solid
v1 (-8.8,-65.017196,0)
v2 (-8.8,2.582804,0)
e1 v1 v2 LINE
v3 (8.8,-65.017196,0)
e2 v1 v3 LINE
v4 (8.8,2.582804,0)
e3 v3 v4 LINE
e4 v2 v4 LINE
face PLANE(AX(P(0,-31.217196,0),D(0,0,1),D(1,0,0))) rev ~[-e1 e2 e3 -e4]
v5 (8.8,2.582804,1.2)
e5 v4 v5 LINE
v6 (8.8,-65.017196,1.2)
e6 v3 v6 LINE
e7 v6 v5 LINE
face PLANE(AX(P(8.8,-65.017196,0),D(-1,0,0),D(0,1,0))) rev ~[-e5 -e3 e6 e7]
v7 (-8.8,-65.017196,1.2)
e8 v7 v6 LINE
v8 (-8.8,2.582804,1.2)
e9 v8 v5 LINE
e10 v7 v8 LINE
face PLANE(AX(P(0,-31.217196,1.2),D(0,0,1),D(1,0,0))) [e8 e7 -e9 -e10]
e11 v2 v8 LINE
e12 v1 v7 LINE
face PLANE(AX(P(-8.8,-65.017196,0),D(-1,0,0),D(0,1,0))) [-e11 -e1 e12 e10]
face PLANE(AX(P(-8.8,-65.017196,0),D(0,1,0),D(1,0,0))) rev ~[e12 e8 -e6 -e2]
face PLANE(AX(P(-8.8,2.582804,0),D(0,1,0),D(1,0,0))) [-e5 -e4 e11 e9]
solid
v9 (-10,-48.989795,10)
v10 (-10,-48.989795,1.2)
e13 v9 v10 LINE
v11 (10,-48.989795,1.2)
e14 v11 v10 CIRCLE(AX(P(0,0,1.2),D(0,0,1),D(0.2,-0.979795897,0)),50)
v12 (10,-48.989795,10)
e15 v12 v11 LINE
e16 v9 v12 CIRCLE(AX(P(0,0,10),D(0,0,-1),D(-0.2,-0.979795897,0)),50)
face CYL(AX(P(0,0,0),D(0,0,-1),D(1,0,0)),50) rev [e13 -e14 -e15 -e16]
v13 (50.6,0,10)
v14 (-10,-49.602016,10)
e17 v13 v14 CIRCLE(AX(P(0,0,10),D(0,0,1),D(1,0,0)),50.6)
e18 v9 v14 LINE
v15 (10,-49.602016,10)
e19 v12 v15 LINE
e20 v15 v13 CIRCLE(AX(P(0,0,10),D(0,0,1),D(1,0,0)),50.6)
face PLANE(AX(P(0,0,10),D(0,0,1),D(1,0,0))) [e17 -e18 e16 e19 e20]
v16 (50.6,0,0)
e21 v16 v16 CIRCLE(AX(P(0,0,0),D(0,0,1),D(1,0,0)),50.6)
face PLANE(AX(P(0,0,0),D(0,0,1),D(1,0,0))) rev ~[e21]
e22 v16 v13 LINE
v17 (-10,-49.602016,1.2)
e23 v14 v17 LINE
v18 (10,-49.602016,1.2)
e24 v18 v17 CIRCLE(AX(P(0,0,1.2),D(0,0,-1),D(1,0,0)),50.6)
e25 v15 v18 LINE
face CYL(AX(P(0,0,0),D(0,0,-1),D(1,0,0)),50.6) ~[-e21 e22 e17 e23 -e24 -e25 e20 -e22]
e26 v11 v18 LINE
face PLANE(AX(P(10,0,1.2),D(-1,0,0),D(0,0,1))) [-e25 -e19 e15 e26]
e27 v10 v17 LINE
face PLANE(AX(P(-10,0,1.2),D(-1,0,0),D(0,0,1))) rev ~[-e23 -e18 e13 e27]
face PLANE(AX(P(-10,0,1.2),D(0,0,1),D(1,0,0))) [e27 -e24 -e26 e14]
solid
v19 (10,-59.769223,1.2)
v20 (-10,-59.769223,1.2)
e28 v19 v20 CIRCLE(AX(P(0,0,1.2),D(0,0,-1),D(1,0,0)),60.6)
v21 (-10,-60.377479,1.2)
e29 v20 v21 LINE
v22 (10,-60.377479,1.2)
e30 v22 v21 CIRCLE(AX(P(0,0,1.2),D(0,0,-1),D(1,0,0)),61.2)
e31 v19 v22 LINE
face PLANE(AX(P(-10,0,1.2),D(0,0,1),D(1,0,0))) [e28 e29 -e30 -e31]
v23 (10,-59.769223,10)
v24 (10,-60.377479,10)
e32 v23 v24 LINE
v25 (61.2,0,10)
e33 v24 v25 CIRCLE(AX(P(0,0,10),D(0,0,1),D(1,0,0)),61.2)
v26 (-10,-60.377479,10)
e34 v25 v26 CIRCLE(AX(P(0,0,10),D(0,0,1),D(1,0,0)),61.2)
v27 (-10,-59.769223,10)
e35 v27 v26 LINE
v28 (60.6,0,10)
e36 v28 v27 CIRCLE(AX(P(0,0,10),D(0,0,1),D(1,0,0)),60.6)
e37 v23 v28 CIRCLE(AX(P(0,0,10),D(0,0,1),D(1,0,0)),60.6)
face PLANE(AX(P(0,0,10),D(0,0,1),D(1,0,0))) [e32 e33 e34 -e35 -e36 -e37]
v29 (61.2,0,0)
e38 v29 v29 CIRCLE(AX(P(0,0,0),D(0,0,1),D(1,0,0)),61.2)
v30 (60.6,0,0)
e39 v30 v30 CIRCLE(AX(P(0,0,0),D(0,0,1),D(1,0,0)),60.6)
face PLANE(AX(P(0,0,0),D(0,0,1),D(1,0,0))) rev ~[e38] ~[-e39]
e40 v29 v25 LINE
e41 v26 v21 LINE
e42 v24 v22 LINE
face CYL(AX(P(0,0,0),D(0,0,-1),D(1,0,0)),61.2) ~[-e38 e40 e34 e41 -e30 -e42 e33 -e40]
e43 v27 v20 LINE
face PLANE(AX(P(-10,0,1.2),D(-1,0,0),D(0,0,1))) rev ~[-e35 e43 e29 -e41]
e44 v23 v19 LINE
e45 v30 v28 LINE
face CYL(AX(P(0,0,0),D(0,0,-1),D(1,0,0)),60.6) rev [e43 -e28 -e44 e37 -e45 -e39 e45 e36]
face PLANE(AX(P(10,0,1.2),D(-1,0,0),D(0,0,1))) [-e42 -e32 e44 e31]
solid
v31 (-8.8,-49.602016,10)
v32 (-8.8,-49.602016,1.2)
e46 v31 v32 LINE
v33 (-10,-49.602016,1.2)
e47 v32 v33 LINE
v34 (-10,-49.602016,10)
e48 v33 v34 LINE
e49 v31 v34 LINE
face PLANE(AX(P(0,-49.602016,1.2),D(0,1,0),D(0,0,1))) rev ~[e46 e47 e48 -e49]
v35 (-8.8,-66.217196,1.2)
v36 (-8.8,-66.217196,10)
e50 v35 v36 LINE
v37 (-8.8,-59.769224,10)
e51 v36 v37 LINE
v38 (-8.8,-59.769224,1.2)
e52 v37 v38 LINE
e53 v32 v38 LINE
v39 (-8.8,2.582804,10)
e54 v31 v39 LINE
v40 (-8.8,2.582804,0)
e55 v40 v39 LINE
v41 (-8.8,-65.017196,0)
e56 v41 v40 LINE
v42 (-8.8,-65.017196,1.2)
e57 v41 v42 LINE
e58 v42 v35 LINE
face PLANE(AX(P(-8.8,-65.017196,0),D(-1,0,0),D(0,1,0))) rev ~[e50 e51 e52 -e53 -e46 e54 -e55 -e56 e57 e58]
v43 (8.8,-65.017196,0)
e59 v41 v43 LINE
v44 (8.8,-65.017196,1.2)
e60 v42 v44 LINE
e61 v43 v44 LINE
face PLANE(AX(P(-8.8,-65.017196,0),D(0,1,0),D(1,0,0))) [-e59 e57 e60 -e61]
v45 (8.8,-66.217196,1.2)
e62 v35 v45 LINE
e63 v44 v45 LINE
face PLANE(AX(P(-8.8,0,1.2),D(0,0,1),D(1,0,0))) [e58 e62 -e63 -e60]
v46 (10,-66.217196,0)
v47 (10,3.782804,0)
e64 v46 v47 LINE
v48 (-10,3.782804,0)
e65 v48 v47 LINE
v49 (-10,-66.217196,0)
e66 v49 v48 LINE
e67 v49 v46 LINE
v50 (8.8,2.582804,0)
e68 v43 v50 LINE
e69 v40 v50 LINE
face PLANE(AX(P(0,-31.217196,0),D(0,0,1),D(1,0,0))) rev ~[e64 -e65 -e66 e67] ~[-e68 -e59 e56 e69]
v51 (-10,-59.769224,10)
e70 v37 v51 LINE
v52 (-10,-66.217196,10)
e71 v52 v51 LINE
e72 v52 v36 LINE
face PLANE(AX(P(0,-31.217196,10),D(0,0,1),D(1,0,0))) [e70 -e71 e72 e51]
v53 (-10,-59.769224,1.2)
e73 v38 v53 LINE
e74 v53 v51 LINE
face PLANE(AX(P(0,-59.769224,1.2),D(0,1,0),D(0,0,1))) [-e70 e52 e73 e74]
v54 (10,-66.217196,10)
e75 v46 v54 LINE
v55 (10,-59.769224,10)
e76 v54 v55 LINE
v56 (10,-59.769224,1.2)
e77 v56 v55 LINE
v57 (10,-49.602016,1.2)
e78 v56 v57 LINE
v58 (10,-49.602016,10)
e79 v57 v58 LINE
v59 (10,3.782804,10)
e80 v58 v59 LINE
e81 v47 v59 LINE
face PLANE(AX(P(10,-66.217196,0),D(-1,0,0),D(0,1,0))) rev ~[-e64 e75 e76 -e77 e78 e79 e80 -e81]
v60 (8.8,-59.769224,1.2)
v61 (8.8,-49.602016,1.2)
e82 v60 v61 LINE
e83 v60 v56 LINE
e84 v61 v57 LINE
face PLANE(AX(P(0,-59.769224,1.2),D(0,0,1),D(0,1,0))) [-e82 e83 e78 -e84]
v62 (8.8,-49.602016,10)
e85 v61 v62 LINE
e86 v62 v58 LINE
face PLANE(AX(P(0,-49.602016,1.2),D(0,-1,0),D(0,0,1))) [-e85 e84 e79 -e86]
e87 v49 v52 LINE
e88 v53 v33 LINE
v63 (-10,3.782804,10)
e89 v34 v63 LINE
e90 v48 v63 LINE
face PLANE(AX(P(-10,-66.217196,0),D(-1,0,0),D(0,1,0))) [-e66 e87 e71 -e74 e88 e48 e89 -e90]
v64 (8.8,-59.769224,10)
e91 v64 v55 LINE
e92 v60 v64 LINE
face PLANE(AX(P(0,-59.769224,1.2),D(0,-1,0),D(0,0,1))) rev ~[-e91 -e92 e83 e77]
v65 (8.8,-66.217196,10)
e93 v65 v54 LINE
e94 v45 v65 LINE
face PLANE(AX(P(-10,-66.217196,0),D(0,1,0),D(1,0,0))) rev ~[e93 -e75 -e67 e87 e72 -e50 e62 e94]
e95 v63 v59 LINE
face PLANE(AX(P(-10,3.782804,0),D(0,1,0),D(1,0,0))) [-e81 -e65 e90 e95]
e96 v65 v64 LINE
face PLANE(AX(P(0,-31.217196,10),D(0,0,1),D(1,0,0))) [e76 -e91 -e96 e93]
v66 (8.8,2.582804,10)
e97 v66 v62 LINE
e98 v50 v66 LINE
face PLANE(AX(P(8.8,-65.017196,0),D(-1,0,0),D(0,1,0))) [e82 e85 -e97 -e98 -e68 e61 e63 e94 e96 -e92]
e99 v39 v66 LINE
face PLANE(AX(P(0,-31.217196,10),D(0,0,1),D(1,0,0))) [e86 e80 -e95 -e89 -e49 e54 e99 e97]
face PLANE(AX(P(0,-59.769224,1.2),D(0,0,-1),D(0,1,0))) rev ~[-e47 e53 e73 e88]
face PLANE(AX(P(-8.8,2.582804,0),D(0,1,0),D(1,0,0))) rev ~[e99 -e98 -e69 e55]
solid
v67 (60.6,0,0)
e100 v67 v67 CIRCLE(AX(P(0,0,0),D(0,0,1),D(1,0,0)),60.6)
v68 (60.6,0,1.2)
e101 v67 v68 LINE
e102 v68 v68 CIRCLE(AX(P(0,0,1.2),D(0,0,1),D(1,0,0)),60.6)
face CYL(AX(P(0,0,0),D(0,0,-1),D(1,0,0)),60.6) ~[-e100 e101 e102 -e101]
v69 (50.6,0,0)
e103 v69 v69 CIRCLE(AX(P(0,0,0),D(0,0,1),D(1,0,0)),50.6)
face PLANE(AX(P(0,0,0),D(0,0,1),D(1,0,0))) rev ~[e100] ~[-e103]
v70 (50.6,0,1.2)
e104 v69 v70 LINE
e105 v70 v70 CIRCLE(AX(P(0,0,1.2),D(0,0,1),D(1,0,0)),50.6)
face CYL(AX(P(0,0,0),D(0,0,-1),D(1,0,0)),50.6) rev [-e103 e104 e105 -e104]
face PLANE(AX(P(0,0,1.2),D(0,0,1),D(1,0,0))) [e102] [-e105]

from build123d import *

# Parameters (mm, degrees)
F0_R           = 50.6
F0_R_2         = 50
F2_DEPTH       = 10
F1_R           = 50
F3_DEPTH       = 1.2
F4_R           = 61.2
F4_R_2         = 60.6
F6_DEPTH       = 10
F5_R           = 60.6
F5_R_2         = 50.6
F7_DEPTH       = 1.2
F8_W           = 20
F8_H           = 8.8
F9_DEPTH       = 80
F10_W          = 20
F10_H          = 70
F10_W_2        = 17.6
F10_H_2        = 67.6
F11_DEPTH      = 10
F12_W          = 17.6
F12_H          = 67.6
F13_DEPTH      = 1.2
F14_W          = 10.167207
F14_H          = 8.8
F15_DEPTH      = 10
F15_DEPTH_BACK = 10
F16_W          = 17.6
F16_H          = 8.8
F17_DEPTH      = 70


with BuildPart() as f2:
    # F0 (on Top) → F2 (new body)
    with BuildSketch(Plane.XY):
        Circle(F0_R)
        Circle(F0_R_2, mode=Mode.SUBTRACT)
    extrude(amount=F2_DEPTH)

    # F1 (on Top) → F3 (join)
    with BuildSketch(Plane.XY):
        Circle(F1_R)
    extrude(amount=F3_DEPTH)


with BuildPart() as f6:
    # F4 (on Top) → F6 (new body)
    with BuildSketch(Plane.XY):
        Circle(F4_R)
        Circle(F4_R_2, mode=Mode.SUBTRACT)
    extrude(amount=F6_DEPTH)


with BuildPart() as f7:
    # F5 (on Top) → F7 (new body)
    with BuildSketch(Plane.XY):
        Circle(F5_R)
        Circle(F5_R_2, mode=Mode.SUBTRACT)
    extrude(amount=F7_DEPTH)


with BuildPart() as f9_tool:
    # F8 (on Front) → F9 (new body)
    with BuildSketch(Plane.XZ):
        with Locations((0, 5.6)):
            Rectangle(F8_W, F8_H)
    extrude(amount=F9_DEPTH)


with BuildPart() as f2_1:
    add(f2.part)

    # F9: cut by f9_tool
    add(f9_tool.part, mode=Mode.SUBTRACT)


with BuildPart() as f6_1:
    add(f6.part)

    # F9: cut by f9_tool
    add(f9_tool.part, mode=Mode.SUBTRACT)


with BuildPart() as f11:
    # F10 (on Top) → F11 (new body)
    with BuildSketch(Plane.XY):
        with Locations((0, -31.217196)):
            Rectangle(F10_W, F10_H)
        with Locations((0, -31.217196)):
            Rectangle(F10_W_2, F10_H_2, mode=Mode.SUBTRACT)
    extrude(amount=F11_DEPTH)

    # F14 (on Right) → F15 (cut, two sides)
    with BuildSketch(Plane.YZ) as f15_sk:
        with Locations((-54.68562, 5.6)):
            Rectangle(F14_W, F14_H)
    extrude(amount=F15_DEPTH, mode=Mode.SUBTRACT)
    extrude(f15_sk.sketch, amount=-F15_DEPTH_BACK, mode=Mode.SUBTRACT)

    # F16 (on Front) → F17 (cut)
    with BuildSketch(Plane.XZ):
        with Locations((0, 5.6)):
            Rectangle(F16_W, F16_H)
    extrude(amount=F17_DEPTH, mode=Mode.SUBTRACT)


with BuildPart() as f13:
    # F12 (on Top) → F13 (new body)
    with BuildSketch(Plane.XY):
        with Locations((0, -31.217196)):
            Rectangle(F12_W, F12_H)
    extrude(amount=F13_DEPTH)


solid = Compound([f7.part, f2_1.part, f6_1.part, f11.part, f13.part])
